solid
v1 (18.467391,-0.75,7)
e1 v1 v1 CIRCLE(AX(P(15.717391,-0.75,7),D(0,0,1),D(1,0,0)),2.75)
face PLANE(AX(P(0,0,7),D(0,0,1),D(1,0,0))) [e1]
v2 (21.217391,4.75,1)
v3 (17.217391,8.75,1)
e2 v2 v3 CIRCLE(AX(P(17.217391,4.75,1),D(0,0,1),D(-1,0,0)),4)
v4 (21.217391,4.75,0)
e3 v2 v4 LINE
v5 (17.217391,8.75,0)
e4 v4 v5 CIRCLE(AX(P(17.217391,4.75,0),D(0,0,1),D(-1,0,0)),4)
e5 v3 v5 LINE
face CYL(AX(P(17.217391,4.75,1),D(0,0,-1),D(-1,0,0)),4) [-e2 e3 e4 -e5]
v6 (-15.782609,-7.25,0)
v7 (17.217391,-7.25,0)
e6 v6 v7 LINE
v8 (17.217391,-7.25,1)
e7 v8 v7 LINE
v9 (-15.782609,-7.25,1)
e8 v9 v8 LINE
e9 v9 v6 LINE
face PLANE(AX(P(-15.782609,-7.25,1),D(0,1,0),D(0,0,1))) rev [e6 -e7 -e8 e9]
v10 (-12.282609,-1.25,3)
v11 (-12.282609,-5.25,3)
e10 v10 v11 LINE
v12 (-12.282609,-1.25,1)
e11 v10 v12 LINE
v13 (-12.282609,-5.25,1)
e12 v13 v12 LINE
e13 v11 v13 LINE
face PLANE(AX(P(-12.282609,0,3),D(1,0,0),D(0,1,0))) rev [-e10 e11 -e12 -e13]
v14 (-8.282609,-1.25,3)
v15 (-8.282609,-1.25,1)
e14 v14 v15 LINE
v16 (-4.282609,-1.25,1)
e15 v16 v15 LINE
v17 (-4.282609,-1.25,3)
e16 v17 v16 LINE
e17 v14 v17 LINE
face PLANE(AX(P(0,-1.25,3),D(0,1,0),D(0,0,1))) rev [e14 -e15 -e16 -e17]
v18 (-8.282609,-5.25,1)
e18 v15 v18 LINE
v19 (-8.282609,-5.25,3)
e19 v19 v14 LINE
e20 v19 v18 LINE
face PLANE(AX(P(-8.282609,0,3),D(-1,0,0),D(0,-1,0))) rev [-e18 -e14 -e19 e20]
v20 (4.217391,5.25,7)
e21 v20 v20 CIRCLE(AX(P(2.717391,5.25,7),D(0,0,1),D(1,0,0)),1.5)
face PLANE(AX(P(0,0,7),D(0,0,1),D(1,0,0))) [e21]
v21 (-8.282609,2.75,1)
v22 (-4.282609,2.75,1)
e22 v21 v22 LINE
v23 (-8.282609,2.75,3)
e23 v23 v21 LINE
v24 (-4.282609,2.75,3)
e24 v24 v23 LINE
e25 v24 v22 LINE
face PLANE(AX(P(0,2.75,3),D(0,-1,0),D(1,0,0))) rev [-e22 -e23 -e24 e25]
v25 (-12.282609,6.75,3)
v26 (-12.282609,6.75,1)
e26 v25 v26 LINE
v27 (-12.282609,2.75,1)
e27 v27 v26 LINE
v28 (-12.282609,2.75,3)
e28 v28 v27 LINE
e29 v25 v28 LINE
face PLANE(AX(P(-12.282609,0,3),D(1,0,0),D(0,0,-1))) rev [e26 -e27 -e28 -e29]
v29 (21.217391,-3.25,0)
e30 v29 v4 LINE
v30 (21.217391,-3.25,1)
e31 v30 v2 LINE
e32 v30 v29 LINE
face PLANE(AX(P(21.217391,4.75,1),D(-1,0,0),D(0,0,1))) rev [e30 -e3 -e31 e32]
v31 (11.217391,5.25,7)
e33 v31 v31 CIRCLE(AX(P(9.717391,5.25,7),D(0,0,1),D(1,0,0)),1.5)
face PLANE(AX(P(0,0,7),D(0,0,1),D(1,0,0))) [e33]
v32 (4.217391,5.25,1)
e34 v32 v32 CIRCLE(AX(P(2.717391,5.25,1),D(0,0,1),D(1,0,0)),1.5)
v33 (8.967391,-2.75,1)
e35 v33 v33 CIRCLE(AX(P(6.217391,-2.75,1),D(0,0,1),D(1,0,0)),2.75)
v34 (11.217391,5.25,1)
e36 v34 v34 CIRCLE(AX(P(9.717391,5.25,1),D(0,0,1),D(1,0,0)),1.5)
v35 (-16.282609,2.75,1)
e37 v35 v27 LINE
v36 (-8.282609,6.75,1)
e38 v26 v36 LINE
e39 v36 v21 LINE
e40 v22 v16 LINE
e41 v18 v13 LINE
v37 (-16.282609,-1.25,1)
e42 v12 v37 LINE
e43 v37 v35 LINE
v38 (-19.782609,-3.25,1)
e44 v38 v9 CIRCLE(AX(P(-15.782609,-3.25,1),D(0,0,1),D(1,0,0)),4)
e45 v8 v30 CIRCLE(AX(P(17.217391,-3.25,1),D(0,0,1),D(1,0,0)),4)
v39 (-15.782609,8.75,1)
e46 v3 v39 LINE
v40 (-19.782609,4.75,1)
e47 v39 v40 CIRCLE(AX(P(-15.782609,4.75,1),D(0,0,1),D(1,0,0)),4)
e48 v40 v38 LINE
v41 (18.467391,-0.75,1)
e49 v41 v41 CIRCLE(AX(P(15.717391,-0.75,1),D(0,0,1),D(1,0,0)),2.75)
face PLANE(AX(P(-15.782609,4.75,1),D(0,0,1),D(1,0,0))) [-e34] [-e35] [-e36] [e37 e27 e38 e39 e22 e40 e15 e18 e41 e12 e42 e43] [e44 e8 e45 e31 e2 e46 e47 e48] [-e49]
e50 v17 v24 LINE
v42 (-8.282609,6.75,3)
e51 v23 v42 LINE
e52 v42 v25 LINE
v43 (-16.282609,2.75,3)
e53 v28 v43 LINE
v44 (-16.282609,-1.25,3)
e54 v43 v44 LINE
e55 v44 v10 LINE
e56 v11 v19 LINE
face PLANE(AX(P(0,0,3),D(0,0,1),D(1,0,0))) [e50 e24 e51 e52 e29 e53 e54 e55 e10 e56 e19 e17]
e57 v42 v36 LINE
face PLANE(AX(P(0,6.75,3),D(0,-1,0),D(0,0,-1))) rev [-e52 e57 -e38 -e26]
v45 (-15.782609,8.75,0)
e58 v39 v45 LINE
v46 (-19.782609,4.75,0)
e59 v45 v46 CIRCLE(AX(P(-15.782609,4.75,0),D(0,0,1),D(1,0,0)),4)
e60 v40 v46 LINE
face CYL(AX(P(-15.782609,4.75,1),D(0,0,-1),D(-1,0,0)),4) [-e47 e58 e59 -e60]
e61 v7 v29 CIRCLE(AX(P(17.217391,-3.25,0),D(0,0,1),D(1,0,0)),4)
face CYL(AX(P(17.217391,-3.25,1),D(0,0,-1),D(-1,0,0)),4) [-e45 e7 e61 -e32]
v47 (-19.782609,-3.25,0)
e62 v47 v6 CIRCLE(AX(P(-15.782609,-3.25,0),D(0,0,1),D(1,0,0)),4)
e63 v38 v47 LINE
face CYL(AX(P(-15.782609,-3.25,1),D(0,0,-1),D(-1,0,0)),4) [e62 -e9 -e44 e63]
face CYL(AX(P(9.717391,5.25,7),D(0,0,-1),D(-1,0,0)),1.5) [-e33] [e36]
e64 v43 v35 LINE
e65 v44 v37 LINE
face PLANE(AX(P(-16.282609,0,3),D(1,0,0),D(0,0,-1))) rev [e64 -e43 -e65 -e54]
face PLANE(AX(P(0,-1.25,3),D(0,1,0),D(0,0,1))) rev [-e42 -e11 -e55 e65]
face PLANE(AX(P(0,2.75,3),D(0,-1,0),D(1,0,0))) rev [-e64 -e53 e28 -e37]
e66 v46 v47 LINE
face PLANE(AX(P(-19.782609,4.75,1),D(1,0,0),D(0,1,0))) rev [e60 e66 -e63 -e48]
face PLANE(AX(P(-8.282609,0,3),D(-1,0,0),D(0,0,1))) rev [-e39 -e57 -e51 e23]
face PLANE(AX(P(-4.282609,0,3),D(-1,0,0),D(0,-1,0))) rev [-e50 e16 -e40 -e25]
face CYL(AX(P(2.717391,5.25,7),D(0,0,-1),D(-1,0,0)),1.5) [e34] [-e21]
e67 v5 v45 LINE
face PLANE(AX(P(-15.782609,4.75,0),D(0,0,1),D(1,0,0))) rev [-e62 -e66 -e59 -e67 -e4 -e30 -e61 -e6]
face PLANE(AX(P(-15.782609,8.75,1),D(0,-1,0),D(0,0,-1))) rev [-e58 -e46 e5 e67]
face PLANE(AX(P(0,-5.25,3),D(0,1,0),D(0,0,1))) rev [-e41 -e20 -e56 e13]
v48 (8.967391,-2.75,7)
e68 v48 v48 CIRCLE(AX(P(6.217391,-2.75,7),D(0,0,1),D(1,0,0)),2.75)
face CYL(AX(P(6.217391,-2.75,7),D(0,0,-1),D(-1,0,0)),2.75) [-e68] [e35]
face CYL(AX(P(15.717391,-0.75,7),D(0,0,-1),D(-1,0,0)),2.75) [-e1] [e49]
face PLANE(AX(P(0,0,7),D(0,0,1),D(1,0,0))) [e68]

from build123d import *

# Parameters (mm, degrees)
EXTRUDE_1_DEPTH = 1
SKETCH_3_R      = 1.5
SKETCH_3_R_2    = 2.75
EXTRUDE_2_DEPTH = 6
EXTRUDE_3_DEPTH = 3


with BuildPart() as part:
    # 草图1 → 凸台-拉伸1 (new body)
    with BuildSketch(Plane.XY):
        with BuildLine():
            Line((-15.782608696, 8.75), (17.217391304, 8.75))
            ThreePointArc((17.217391304, 8.75), (20.045818429, 7.578427125), (21.217391304, 4.75))
            Line((21.217391304, 4.75), (21.217391304, -3.25))
            ThreePointArc((21.217391304, -3.25), (20.045818429, -6.078427125), (17.217391304, -7.25))
            Line((17.217391304, -7.25), (-15.782608696, -7.25))
            ThreePointArc((-15.782608696, -7.25), (-18.61103582, -6.078427125), (-19.782608696, -3.25))
            Line((-19.782608696, -3.25), (-19.782608696, 4.75))
            ThreePointArc((-19.782608696, 4.75), (-18.61103582, 7.578427125), (-15.782608696, 8.75))
        make_face()
    extrude(amount=EXTRUDE_1_DEPTH)

    # 草图3 → 凸台-拉伸2 (add)
    with BuildSketch(Plane.XY.offset(1)):
        with Locations((2.717391304, 5.25)):
            Circle(SKETCH_3_R)
        with Locations((9.717391304, 5.25)):
            Circle(SKETCH_3_R)
        with Locations((6.217391304, -2.75)):
            Circle(SKETCH_3_R_2)
        with Locations((15.717391304, -0.75)):
            Circle(SKETCH_3_R_2)
    extrude(amount=EXTRUDE_2_DEPTH)

    # 草图4 → 凸台-拉伸3 (add)
    with BuildSketch(Plane.XY):
        Polygon((-8.282608696, 2.75), (-8.282608696, 6.75), (-12.282608696, 6.75), (-12.282608696, 2.75), (-16.282608696, 2.75), (-16.282608696, -1.25), (-12.282608696, -1.25), (-12.282608696, -5.25), (-8.282608696, -5.25), (-8.282608696, -1.25), (-4.282608696, -1.25), (-4.282608696, 2.75), align=None)
    extrude(amount=EXTRUDE_3_DEPTH)


solid = part.part
